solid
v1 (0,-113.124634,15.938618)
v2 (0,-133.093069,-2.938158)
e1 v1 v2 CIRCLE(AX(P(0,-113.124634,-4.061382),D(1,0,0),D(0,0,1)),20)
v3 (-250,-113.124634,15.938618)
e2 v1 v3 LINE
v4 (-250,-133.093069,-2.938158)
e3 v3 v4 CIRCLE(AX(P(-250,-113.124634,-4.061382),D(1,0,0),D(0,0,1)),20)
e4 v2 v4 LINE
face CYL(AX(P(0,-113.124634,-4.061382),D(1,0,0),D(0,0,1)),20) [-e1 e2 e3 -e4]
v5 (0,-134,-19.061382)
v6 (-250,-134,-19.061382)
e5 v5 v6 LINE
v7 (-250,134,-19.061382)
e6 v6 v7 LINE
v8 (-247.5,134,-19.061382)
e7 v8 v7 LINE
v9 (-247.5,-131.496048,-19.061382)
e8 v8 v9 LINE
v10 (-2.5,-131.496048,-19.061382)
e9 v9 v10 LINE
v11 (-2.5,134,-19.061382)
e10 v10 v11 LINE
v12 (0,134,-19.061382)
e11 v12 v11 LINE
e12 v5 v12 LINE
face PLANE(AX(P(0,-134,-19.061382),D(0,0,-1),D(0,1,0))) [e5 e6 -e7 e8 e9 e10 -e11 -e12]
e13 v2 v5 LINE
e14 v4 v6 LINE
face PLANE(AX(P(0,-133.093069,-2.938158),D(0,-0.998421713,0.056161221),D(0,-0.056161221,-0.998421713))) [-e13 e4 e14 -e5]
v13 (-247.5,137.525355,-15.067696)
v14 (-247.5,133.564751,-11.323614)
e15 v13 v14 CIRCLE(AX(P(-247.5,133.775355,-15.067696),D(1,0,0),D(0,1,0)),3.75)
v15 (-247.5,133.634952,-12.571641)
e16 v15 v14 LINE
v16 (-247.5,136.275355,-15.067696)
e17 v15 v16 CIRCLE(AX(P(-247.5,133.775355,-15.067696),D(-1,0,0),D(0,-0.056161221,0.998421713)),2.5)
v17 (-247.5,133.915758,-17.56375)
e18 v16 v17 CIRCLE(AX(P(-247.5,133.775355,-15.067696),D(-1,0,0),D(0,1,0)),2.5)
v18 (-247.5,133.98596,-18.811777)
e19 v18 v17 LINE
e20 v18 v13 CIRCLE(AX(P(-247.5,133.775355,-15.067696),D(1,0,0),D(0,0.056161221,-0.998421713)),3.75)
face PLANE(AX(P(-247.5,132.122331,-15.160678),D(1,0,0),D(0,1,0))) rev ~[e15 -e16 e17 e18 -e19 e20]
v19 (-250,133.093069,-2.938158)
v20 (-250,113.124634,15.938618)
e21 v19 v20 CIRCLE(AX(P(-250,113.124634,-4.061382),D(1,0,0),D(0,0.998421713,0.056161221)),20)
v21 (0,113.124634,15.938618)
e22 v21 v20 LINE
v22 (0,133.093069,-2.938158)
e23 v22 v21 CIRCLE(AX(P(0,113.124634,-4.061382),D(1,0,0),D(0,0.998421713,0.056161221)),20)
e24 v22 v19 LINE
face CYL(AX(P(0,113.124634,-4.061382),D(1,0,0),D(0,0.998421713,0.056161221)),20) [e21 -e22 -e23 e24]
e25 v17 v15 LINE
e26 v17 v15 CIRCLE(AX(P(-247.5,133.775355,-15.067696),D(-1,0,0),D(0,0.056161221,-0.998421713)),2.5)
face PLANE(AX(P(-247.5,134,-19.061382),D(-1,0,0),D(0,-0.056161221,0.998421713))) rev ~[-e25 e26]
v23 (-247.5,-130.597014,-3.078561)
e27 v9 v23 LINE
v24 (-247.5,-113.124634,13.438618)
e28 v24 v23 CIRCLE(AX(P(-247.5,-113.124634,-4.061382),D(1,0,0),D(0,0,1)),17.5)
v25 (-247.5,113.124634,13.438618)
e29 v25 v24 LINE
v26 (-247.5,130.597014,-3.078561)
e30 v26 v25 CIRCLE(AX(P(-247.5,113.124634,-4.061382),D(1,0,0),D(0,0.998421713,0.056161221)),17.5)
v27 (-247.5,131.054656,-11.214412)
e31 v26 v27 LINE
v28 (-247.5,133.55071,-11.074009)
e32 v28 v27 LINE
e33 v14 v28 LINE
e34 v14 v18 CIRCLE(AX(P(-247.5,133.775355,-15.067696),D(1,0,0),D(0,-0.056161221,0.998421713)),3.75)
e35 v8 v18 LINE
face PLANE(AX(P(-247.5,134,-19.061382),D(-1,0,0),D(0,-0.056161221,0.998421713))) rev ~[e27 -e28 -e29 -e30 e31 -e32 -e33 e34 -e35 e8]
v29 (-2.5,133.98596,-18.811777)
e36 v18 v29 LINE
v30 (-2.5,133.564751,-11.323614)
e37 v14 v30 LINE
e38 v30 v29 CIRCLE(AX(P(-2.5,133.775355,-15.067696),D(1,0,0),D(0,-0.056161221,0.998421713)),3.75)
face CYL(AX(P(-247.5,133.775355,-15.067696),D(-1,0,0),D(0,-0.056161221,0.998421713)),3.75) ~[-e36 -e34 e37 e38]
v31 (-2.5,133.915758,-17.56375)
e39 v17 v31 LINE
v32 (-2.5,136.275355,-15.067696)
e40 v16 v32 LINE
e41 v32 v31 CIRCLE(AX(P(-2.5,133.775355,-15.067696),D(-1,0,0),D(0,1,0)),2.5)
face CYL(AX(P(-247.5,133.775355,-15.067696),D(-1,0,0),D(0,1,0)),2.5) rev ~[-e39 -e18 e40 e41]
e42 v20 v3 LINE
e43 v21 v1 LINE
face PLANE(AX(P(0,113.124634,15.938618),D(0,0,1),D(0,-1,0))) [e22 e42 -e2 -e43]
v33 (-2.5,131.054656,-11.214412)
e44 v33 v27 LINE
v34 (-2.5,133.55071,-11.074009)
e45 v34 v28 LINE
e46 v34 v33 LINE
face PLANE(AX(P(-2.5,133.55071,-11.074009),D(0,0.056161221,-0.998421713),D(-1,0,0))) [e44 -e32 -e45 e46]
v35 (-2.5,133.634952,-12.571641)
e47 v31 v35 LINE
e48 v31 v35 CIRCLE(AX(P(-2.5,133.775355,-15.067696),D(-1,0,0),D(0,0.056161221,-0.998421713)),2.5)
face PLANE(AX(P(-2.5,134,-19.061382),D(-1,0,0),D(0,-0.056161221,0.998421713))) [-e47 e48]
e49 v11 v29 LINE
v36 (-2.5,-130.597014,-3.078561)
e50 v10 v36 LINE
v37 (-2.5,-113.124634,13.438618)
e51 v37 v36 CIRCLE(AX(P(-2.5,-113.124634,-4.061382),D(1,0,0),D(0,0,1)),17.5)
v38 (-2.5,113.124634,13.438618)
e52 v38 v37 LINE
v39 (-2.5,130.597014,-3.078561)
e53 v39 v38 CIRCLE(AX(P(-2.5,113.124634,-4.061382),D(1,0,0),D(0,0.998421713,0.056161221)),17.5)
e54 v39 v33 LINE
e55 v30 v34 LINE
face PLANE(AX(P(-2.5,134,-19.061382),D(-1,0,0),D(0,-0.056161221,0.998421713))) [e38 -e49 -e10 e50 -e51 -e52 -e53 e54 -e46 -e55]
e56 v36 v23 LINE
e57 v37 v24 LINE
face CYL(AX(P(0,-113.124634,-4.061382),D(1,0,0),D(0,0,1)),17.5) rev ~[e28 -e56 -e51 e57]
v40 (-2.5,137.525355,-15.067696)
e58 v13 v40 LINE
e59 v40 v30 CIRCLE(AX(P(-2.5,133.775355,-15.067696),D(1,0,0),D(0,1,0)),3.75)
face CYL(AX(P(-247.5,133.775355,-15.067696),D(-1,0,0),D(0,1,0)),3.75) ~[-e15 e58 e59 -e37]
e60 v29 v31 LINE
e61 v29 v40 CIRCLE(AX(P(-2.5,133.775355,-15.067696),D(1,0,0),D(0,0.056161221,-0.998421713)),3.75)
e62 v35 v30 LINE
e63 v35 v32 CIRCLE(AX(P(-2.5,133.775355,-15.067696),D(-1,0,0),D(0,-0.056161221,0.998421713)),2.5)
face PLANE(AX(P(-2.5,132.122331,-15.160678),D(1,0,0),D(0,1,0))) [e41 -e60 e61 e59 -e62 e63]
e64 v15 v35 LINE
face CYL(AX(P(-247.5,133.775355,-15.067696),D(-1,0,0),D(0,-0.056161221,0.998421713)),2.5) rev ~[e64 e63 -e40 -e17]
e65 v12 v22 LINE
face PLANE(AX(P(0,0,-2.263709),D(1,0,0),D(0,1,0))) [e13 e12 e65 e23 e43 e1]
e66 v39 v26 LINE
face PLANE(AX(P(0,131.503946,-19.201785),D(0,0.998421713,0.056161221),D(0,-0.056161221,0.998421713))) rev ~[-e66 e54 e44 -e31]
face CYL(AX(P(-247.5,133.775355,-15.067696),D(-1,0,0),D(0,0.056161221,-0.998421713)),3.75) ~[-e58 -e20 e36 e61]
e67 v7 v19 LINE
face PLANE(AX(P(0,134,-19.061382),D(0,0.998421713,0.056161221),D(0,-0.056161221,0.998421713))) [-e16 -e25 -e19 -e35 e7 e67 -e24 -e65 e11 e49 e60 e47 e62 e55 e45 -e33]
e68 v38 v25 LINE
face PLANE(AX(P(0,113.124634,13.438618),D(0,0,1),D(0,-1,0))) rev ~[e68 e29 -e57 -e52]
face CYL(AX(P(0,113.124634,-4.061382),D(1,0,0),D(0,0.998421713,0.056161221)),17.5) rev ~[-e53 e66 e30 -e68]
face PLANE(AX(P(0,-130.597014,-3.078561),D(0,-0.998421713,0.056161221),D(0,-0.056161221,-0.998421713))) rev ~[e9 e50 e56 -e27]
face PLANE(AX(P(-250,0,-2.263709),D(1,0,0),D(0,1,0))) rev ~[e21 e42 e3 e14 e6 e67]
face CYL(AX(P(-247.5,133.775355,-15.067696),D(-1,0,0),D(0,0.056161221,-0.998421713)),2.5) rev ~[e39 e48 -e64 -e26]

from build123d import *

# Parameters (mm, degrees)
F1_DEPTH = 250
F2_T     = -2.5
F3_W     = 245
F3_H     = 8
F4_DEPTH = 267.5780191142
F6_DEPTH = 245


with BuildPart() as f1:
    # F0 (on Right) → F1 (new body)
    with BuildSketch(Plane.YZ):
        with BuildLine():
            Line((-134.0000000003, -19.0613823906), (133.9999999997, -19.0613823906))
            Line((133.9999999997, -19.0613823906), (133.0930686257, -2.9381579633))
            ThreePointArc((133.0930686257, -2.9381579633), (126.8639122094, 10.4724486347), (113.1246343635, 15.9386176094))
            Line((113.1246343635, 15.9386176094), (-113.1246343631, 15.9386176094))
            ThreePointArc((-113.1246343631, 15.9386176094), (-126.8639122086, 10.4724486351), (-133.0930686253, -2.9381579622))
            Line((-133.0930686253, -2.9381579622), (-134.0000000003, -19.0613823906))
        make_face()
    extrude(amount=-F1_DEPTH)

    # F2
    f2_openings = [f1.faces().sort_by_distance(p)[0] for p in [
        (-125, 0, -19.061382),
    ]]
    offset(amount=F2_T, openings=f2_openings)

    # F3 (on face) → F4 (cut, through all)
    with BuildSketch(Plane(origin=(0, 132.5085319634, 7.4536049229), x_dir=(-1, 0, 0), z_dir=(0, 0.9984217131, 0.0561612214))):
        with Locations((125, -22.5569017233)):
            Rectangle(F3_W, F3_H)
    extrude(amount=-F4_DEPTH, mode=Mode.SUBTRACT)

    # F5 (on face) → F6 (join)
    with BuildSketch(Plane.YZ.offset(-247.5)):
        with BuildLine():
            Line((133.6349520609, -12.5716412553), (133.5647505342, -11.3236141139))
            ThreePointArc((133.5647505342, -11.3236141139), (130.0312736901, -15.2783001182), (133.9859596944, -18.8117769623))
            Line((133.9859596944, -18.8117769623), (133.9157581677, -17.5637498209))
            ThreePointArc((133.9157581677, -17.5637498209), (131.2793008315, -15.2080985915), (133.6349520609, -12.5716412553))
        make_face()
        with BuildLine():
            ThreePointArc((133.9859596944, -18.8117769623), (136.5004484315, -17.6438101342), (137.5253551143, -15.0676955381))
            ThreePointArc((137.5253551143, -15.0676955381), (136.3514697104, -12.3426022209), (133.5647505342, -11.3236141139))
            Line((133.5647505342, -11.3236141139), (133.6349520609, -12.5716412553))
            ThreePointArc((133.6349520609, -12.5716412553), (135.492764845, -13.25096666), (136.2753551143, -15.0676955381))
            ThreePointArc((136.2753551143, -15.0676955381), (135.5920839925, -16.7851052689), (133.9157581677, -17.5637498209))
            Line((133.9157581677, -17.5637498209), (133.9859596944, -18.8117769623))
        make_face()
    extrude(amount=F6_DEPTH)


solid = f1.part
